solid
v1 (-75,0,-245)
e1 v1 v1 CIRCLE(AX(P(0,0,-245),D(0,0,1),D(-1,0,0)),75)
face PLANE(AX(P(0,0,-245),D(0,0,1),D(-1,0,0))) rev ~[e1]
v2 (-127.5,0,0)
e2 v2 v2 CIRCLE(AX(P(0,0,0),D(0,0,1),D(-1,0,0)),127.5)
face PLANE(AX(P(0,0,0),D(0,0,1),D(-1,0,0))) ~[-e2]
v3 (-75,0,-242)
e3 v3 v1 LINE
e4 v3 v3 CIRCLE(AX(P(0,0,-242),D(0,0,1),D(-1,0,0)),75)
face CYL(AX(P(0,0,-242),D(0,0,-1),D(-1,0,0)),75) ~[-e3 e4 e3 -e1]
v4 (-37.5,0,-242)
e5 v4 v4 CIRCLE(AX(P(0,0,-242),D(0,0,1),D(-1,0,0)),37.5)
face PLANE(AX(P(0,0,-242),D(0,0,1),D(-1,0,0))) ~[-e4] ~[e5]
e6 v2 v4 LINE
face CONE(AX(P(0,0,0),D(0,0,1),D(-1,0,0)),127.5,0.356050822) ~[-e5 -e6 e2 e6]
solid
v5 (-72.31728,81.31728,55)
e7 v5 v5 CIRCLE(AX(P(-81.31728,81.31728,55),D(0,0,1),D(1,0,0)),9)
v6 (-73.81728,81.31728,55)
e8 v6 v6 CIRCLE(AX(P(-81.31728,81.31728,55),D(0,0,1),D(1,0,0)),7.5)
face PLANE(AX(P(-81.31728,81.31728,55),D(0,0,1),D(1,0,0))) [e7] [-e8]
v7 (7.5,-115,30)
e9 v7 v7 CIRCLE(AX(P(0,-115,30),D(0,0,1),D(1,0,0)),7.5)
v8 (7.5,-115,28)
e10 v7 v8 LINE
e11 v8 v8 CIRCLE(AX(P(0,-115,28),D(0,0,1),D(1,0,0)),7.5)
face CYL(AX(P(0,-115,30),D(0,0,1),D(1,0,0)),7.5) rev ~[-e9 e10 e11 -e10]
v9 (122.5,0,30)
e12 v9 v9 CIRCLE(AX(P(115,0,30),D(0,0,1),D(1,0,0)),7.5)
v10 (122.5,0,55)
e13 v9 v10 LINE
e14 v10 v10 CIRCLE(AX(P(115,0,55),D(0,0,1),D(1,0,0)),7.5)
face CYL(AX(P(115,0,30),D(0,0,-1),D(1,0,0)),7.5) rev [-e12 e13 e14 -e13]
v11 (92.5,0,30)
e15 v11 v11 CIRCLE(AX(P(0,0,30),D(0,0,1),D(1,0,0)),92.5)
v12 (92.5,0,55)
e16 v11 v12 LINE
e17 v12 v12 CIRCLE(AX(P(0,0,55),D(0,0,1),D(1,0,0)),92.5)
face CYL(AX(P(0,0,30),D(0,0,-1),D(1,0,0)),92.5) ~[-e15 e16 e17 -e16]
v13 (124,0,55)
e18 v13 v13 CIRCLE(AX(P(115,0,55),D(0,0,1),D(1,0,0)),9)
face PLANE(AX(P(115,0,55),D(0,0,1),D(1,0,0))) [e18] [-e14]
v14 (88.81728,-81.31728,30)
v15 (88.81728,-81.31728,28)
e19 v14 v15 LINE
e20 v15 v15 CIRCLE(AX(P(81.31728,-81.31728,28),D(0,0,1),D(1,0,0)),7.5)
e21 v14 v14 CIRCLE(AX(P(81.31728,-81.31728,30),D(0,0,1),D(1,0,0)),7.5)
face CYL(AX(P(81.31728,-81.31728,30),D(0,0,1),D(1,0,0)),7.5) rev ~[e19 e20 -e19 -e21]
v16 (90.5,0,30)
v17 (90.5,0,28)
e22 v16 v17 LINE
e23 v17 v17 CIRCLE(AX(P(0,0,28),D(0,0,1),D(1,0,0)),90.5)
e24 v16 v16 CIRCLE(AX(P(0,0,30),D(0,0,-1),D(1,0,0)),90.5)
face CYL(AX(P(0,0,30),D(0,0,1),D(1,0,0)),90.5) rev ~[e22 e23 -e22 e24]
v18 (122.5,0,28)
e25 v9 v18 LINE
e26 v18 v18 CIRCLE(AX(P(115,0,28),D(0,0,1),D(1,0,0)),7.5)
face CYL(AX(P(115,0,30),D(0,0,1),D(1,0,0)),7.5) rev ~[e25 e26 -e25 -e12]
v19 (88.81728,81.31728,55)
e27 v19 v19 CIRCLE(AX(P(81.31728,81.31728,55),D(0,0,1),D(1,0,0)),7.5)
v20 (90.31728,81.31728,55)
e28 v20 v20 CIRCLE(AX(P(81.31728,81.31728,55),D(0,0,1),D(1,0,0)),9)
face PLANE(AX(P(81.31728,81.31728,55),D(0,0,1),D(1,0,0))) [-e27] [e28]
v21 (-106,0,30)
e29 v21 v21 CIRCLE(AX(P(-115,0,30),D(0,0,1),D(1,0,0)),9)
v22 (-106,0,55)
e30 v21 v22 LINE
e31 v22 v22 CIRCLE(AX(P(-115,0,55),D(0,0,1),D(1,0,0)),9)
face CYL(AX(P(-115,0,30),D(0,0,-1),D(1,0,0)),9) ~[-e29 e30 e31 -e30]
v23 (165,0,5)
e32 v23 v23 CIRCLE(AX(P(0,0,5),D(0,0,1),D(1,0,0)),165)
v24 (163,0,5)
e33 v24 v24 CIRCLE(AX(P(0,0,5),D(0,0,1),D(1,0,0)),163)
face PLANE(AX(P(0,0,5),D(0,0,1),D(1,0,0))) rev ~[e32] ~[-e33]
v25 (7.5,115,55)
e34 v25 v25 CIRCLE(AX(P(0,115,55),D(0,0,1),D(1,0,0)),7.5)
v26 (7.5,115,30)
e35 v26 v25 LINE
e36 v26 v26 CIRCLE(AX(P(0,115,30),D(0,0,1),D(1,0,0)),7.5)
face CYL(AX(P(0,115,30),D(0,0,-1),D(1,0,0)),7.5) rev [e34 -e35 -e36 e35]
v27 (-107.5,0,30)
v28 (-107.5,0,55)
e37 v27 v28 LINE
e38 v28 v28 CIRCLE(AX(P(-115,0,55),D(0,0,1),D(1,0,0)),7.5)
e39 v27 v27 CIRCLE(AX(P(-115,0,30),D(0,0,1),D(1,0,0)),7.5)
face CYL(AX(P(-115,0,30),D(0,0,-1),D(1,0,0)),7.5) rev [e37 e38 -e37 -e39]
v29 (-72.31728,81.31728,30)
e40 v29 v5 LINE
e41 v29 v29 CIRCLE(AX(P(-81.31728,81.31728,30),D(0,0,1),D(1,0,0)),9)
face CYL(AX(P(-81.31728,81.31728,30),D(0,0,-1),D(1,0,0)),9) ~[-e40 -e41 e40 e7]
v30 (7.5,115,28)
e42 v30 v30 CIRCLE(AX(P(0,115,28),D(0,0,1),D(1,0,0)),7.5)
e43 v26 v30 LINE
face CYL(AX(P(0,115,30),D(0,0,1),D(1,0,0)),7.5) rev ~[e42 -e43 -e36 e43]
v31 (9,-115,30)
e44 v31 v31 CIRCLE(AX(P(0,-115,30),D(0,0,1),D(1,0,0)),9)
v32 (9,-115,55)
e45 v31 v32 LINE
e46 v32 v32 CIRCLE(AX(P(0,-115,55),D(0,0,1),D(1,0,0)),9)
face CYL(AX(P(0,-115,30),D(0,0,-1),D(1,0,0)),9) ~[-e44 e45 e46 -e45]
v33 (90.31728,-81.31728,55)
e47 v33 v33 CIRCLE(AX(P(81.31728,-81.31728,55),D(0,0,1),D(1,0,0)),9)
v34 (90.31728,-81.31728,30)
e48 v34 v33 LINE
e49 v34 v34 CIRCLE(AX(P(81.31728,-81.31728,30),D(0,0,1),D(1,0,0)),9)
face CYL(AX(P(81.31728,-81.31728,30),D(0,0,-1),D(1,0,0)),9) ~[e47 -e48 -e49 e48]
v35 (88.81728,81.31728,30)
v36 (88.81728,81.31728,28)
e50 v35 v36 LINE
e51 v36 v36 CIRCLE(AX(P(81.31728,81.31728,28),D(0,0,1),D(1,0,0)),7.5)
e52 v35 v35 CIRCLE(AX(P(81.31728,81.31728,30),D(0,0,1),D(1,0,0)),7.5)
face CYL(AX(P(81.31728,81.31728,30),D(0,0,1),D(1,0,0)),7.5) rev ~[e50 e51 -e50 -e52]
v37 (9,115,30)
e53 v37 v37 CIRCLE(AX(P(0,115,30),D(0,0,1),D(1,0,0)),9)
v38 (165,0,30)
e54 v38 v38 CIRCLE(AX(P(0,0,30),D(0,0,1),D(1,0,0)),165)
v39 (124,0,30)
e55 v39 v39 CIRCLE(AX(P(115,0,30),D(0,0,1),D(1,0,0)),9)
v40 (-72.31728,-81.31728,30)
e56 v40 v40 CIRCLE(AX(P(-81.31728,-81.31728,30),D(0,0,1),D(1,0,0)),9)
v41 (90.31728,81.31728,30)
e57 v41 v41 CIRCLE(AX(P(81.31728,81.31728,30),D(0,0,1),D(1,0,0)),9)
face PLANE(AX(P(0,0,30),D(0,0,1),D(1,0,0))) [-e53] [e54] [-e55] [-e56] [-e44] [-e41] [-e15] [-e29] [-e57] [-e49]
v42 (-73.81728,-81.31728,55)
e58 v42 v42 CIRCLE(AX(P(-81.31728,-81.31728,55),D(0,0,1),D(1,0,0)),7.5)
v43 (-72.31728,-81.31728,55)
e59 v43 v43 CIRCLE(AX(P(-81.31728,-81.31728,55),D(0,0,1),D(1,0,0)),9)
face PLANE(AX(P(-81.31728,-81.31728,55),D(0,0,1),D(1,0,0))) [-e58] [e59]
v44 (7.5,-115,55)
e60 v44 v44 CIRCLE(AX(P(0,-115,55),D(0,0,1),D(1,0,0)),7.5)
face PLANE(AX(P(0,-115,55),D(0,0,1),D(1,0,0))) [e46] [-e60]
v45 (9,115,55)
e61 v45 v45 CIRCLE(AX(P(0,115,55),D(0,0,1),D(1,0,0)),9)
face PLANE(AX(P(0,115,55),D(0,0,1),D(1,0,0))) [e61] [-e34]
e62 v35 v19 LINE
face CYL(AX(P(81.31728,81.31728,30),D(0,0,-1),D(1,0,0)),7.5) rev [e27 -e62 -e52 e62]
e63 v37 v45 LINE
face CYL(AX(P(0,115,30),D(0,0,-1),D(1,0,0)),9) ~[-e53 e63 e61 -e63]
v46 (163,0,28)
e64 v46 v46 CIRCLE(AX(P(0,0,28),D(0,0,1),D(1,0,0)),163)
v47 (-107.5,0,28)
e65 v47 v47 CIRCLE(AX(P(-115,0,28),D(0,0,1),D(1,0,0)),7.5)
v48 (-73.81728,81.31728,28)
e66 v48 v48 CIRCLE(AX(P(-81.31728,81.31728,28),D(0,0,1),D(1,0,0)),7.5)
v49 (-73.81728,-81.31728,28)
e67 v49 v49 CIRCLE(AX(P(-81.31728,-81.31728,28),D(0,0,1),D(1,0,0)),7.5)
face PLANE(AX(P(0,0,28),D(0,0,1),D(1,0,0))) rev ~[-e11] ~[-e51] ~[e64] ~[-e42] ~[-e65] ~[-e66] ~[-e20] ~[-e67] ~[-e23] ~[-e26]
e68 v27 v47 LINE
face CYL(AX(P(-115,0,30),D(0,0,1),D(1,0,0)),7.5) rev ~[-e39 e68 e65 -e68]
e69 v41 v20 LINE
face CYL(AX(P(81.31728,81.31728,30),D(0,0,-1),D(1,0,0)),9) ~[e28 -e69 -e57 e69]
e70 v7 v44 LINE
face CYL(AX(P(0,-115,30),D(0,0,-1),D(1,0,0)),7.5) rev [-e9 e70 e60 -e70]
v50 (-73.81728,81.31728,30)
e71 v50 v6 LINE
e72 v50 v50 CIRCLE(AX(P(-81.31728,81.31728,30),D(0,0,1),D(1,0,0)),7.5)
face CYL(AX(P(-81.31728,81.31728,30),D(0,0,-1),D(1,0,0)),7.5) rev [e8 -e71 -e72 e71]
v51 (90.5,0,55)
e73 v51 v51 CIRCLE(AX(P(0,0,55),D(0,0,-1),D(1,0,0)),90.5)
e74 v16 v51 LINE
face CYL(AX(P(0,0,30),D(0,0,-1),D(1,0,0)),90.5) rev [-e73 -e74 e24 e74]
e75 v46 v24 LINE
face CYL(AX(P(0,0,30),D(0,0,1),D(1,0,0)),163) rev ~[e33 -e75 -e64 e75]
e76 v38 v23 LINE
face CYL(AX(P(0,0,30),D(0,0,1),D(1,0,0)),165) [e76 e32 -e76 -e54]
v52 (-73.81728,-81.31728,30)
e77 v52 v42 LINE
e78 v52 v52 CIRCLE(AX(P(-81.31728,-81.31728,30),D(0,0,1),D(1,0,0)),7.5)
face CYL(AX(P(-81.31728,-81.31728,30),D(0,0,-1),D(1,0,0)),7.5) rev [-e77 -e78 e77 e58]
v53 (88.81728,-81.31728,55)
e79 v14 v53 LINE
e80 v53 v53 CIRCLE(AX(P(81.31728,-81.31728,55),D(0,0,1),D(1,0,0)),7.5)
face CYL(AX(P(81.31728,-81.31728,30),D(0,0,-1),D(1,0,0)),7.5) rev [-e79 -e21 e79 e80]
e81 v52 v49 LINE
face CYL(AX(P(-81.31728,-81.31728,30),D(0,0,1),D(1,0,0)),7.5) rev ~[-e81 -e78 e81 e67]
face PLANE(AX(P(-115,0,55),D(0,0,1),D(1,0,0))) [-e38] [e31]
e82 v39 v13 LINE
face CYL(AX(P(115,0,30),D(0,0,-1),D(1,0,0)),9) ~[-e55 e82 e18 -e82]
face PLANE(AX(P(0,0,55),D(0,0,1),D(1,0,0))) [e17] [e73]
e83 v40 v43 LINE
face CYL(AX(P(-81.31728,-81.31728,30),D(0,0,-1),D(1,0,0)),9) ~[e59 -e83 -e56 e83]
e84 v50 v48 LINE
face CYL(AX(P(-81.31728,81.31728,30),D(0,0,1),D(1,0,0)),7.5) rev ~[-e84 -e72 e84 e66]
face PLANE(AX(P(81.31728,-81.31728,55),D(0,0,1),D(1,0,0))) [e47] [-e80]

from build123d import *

# Parameters (mm, degrees)
F3_R      = 165
F4_DEPTH  = 25
F5_T      = -2
F6_R      = 92.5
F7_DEPTH  = 25
F8_T      = -2
F9_R      = 90.5
F10_DEPTH = 17
F11_R     = 7.5
F12_DEPTH = 25
F13_R     = 9
F13_R_2   = 7.5
F14_DEPTH = 25


with BuildPart() as f1:
    # F0 (on Front) → F1 (revolve)
    with BuildSketch(Plane.XZ):
        Polygon((0, -245), (0, 0), (-127.5, 0), (-37.5, -242), (-75, -242), (-75, -245), align=None)
    revolve(axis=Axis((0, 0, -122.5), (0, 0, 1)))


with BuildPart() as f4:
    # F3 (on offset) → F4 (new body)
    with BuildSketch(Plane.XY.offset(30)):
        Circle(F3_R)
    extrude(amount=-F4_DEPTH)

    # F5
    f5_openings = [f4.faces().sort_by_distance(p)[0] for p in [
        (0, 0, 5),
    ]]
    offset(amount=F5_T, openings=f5_openings)

    # F6 (on offset) → F7 (join)
    with BuildSketch(Plane.XY.offset(30)):
        Circle(F6_R)
    extrude(amount=F7_DEPTH)

    # F8
    f8_openings = [f4.faces().sort_by_distance(p)[0] for p in [
        (0, 0, 55),
    ]]
    offset(amount=F8_T, openings=f8_openings, kind=Kind.INTERSECTION)

    # F9 (on face) → F10 (cut)
    with BuildSketch(Plane.XY.offset(30)):
        Circle(F9_R)
    extrude(amount=-F10_DEPTH, mode=Mode.SUBTRACT)

    # F11 (on face) → F12 (cut)
    with BuildSketch(Plane.XY.offset(30)):
        with Locations((0, 115)):
            Circle(F11_R)
        with Locations((-81.3172798365, 81.3172798365)):
            Circle(F11_R)
        with Locations((-115, 0)):
            Circle(F11_R)
        with Locations((-81.3172798365, -81.3172798365)):
            Circle(F11_R)
        with Locations((0, -115)):
            Circle(F11_R)
        with Locations((81.3172798365, -81.3172798365)):
            Circle(F11_R)
        with Locations((115, 0)):
            Circle(F11_R)
        with Locations((81.3172798365, 81.3172798365)):
            Circle(F11_R)
    extrude(amount=-F12_DEPTH, mode=Mode.SUBTRACT)

    # F13 (on face) → F14 (join)
    with BuildSketch(Plane.XY.offset(30)):
        with Locations((0, 115)):
            Circle(F13_R)
        with Locations((0, 115)):
            Circle(F13_R_2, mode=Mode.SUBTRACT)
        with Locations((0, -115)):
            Circle(F13_R)
        with Locations((0, -115)):
            Circle(F13_R_2, mode=Mode.SUBTRACT)
        with Locations((-81.3172798365, 81.3172798365)):
            Circle(F13_R)
        with Locations((-81.3172798365, 81.3172798365)):
            Circle(F13_R_2, mode=Mode.SUBTRACT)
        with Locations((-115, 0)):
            Circle(F13_R)
        with Locations((-115, 0)):
            Circle(F13_R_2, mode=Mode.SUBTRACT)
        with Locations((-81.3172798365, -81.3172798365)):
            Circle(F13_R)
        with Locations((-81.3172798365, -81.3172798365)):
            Circle(F13_R_2, mode=Mode.SUBTRACT)
        with Locations((81.3172798365, -81.3172798365)):
            Circle(F13_R)
        with Locations((81.3172798365, -81.3172798365)):
            Circle(F13_R_2, mode=Mode.SUBTRACT)
        with Locations((115, 0)):
            Circle(F13_R)
        with Locations((115, 0)):
            Circle(F13_R_2, mode=Mode.SUBTRACT)
        with Locations((81.3172798365, 81.3172798365)):
            Circle(F13_R)
        with Locations((81.3172798365, 81.3172798365)):
            Circle(F13_R_2, mode=Mode.SUBTRACT)
    extrude(amount=F14_DEPTH)


solid = Compound([f1.part, f4.part])
